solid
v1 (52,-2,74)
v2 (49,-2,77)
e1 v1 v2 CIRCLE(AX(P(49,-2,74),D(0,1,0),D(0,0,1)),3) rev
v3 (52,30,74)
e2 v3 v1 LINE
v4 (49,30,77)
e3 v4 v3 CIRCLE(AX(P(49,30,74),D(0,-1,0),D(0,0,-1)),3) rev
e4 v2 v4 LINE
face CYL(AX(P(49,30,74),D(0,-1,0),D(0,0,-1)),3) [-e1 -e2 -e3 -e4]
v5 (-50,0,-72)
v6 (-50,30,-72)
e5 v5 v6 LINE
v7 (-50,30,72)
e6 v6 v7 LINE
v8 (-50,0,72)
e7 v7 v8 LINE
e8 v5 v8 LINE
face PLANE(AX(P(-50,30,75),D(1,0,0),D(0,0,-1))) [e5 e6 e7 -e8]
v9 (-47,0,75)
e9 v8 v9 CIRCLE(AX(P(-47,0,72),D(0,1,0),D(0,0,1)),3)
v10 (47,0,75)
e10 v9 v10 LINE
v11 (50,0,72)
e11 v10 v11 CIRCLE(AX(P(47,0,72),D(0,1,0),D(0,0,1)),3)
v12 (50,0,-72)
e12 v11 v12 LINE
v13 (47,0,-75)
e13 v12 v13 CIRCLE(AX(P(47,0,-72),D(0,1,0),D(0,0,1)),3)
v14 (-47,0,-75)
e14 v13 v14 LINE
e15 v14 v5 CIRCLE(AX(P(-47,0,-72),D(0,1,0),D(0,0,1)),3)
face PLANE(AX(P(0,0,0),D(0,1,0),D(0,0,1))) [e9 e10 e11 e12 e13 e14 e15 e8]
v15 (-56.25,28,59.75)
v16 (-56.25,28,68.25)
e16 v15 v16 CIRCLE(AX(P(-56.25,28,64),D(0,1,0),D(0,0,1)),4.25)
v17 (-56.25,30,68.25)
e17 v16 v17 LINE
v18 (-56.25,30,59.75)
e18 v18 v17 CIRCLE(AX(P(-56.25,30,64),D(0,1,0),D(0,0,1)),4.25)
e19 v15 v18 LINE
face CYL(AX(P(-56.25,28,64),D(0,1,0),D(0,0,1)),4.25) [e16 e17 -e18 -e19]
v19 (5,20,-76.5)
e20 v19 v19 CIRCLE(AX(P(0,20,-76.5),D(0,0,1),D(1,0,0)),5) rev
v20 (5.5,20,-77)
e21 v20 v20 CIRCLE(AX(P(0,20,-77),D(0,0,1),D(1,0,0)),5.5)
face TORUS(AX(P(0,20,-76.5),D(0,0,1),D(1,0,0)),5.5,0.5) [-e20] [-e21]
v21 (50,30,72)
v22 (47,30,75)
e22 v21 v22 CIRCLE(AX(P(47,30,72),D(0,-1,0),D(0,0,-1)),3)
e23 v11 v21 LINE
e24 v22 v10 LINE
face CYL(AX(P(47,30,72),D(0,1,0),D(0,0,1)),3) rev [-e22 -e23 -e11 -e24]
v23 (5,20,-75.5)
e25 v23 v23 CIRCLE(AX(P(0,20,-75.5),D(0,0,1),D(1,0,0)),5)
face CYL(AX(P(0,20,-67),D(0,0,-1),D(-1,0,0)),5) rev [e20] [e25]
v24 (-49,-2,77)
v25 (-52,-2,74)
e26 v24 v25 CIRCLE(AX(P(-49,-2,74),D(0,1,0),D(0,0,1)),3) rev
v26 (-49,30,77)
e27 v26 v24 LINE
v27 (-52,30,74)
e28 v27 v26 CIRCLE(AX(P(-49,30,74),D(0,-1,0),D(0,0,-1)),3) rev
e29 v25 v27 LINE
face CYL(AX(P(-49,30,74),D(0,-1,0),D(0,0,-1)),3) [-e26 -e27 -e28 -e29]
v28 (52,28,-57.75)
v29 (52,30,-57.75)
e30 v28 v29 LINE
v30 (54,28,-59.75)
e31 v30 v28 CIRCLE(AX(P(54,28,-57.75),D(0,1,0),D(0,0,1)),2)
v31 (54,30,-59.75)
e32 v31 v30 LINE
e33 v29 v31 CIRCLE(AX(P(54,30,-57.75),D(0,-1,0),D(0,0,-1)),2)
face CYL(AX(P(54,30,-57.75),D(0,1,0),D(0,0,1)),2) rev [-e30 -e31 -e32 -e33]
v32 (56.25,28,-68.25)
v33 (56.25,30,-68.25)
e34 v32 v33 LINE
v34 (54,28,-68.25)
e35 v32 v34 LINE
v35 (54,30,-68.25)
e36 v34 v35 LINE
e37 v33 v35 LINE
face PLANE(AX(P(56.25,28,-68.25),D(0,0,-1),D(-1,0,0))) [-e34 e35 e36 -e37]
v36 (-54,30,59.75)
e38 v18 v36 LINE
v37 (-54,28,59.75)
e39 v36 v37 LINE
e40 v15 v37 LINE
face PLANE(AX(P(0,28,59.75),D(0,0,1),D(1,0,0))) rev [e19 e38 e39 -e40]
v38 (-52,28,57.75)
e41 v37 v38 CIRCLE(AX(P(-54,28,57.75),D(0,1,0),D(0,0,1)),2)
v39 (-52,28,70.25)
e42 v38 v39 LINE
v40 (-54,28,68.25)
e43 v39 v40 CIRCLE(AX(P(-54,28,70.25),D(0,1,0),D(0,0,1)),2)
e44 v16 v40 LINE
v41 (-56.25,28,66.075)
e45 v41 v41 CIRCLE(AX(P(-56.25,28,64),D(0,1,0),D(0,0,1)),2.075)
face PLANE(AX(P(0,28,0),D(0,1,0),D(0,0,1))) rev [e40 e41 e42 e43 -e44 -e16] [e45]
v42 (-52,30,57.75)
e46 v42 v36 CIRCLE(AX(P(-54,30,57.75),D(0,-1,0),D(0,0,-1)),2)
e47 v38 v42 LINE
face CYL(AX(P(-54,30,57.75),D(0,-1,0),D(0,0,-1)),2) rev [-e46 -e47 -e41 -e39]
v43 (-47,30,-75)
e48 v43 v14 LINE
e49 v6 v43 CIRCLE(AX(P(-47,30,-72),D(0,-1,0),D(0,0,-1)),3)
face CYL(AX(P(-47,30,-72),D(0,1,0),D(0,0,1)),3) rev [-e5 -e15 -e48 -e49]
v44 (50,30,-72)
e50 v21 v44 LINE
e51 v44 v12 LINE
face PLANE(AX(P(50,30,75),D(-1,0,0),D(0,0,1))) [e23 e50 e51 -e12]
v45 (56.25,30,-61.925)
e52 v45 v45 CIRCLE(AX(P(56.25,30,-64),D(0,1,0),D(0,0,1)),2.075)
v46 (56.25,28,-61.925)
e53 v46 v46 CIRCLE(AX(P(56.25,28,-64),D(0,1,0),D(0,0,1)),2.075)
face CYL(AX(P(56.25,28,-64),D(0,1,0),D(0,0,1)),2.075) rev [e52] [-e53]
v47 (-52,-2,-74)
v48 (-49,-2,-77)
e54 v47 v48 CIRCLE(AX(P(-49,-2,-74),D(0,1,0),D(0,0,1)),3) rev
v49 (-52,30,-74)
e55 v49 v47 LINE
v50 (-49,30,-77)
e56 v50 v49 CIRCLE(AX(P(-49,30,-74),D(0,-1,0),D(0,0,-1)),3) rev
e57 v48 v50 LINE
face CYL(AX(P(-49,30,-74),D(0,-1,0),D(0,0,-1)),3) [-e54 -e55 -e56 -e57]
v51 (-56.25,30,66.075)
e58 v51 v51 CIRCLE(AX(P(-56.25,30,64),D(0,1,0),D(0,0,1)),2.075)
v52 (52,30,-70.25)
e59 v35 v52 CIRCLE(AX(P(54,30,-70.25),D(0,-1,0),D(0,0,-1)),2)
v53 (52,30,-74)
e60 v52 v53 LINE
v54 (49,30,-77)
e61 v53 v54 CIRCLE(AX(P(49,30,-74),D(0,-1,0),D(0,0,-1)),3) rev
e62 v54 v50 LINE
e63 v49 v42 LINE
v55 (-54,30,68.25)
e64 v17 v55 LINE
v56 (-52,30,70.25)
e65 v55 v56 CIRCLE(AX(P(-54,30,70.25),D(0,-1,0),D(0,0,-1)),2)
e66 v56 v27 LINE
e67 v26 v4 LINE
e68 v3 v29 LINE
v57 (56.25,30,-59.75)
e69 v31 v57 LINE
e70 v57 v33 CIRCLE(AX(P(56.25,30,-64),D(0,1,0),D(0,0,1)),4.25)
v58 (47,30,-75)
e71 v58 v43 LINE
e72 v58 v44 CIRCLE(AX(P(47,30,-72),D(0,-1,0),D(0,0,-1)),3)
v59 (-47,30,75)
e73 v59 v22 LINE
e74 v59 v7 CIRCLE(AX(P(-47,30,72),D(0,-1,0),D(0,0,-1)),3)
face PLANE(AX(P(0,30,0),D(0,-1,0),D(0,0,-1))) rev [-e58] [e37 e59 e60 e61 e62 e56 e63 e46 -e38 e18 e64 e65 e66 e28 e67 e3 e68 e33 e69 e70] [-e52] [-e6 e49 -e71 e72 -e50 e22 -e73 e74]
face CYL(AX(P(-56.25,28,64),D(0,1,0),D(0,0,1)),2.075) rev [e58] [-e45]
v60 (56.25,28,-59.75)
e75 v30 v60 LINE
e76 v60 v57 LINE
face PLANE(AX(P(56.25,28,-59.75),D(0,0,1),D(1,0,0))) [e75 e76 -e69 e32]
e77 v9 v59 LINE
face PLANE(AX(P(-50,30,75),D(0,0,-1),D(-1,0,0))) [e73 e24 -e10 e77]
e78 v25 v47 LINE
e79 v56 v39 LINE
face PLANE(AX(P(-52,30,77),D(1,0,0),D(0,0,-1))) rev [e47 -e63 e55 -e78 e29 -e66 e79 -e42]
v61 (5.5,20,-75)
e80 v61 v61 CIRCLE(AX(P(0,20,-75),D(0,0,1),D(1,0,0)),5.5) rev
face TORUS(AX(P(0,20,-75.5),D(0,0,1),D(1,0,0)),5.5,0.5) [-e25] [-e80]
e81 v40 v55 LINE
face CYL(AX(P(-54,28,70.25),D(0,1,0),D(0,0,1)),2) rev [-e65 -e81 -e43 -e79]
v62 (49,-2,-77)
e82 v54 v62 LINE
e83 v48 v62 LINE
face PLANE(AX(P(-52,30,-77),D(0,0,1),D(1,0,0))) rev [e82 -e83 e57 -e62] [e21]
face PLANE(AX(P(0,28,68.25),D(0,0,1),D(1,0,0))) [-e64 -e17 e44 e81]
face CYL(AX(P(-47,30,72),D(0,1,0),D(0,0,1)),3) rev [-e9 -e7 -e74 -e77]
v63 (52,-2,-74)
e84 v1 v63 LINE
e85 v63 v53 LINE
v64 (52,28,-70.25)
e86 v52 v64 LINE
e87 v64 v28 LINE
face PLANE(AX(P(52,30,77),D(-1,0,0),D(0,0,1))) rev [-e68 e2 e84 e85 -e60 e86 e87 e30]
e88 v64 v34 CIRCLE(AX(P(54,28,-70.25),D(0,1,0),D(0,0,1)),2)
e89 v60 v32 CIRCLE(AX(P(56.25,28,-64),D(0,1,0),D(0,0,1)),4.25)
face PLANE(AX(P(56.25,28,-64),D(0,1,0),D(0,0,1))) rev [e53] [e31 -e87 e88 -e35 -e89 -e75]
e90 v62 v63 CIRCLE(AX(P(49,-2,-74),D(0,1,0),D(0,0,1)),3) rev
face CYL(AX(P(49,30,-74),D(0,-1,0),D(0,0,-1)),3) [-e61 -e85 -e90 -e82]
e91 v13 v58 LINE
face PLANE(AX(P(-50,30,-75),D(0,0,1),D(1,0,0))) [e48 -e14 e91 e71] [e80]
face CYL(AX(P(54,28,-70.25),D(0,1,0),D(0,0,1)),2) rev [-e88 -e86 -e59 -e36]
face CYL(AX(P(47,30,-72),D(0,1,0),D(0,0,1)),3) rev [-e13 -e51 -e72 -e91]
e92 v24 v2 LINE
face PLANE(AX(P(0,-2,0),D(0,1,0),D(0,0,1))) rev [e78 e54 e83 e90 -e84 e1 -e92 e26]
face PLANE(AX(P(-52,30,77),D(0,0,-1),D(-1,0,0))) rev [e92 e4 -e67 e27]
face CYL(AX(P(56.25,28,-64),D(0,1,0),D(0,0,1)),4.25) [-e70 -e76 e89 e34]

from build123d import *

# Parameters (mm, degrees)
SKETCH1_W           = 104
SKETCH1_H           = 154
SKETCH1_W_2         = 100
SKETCH1_H_2         = 150
BOSS_EXTRUDE1_DEPTH = 30
SKETCH1_2_W         = 104
SKETCH1_2_H         = 154
BOSS_EXTRUDE2_DEPTH = 2
FILLET1_R           = 3
SKETCH2_R           = 2.075
BOSS_EXTRUDE3_DEPTH = 2
SKETCH3_R           = 2.075
BOSS_EXTRUDE4_DEPTH = 2
SKETCH4_R           = 5
CUT_EXTRUDE1_DEPTH  = 10
FILLET2_R           = 0.5
FILLET3_R           = 2


with BuildPart() as part:
    # Sketch1 → Boss-Extrude1 (new body)
    with BuildSketch(Plane(origin=(0, 0, 0), x_dir=(1, 0, 0), z_dir=(0, 1, 0))):
        Rectangle(SKETCH1_W, SKETCH1_H)
        Rectangle(SKETCH1_W_2, SKETCH1_H_2, mode=Mode.SUBTRACT)
    extrude(amount=BOSS_EXTRUDE1_DEPTH)

    # Sketch1<2> → Boss-Extrude2 (add)
    with BuildSketch(Plane(origin=(0, 0, 0), x_dir=(1, 0, 0), z_dir=(0, 1, 0))):
        Rectangle(SKETCH1_2_W, SKETCH1_2_H)
    extrude(amount=-BOSS_EXTRUDE2_DEPTH)

    # Fillet1
    fillet1_edges = [part.edges().sort_by_distance(p)[0] for p in [
        (52, 14, -77),
        (52, 14, 77),
        (-52, 14, 77),
        (-52, 14, -77),
        (-50, 15, 75),
        (-50, 15, -75),
        (50, 15, -75),
        (50, 15, 75),
    ]]
    fillet(fillet1_edges, radius=FILLET1_R)

    # Sketch2 → Boss-Extrude3 (add)
    with BuildSketch(Plane(origin=(0, 30, 0), x_dir=(1, 0, 0), z_dir=(0, 1, 0))):
        with BuildLine():
            Line((56.25, 68.25), (52, 68.25))
            Line((52, 68.25), (52, 59.75))
            Line((52, 59.75), (56.25, 59.75))
            ThreePointArc((56.25, 59.75), (60.5, 64), (56.25, 68.25))
        make_face()
        with Locations((56.25, 64)):
            Circle(SKETCH2_R, mode=Mode.SUBTRACT)
    extrude(amount=-BOSS_EXTRUDE3_DEPTH)

    # Sketch3 → Boss-Extrude4 (add)
    with BuildSketch(Plane(origin=(0, 30, 0), x_dir=(1, 0, 0), z_dir=(0, 1, 0))):
        with BuildLine():
            Line((-52, -59.75), (-56.25, -59.75))
            ThreePointArc((-56.25, -59.75), (-60.5, -64), (-56.25, -68.25))
            Line((-56.25, -68.25), (-52, -68.25))
            Line((-52, -68.25), (-52, -59.75))
        make_face()
        with Locations((-56.25, -64)):
            Circle(SKETCH3_R, mode=Mode.SUBTRACT)
    extrude(amount=-BOSS_EXTRUDE4_DEPTH)

    # Sketch4 → Cut-Extrude1 (cut)
    with BuildSketch(Plane(origin=(0, 0, -77), x_dir=(-1, 0, 0), z_dir=(0, 0, -1))):
        with Locations((0, 20)):
            Circle(SKETCH4_R)
    extrude(amount=-CUT_EXTRUDE1_DEPTH, mode=Mode.SUBTRACT)

    # Fillet2
    fillet2_edges = [part.edges().sort_by_distance(p)[0] for p in [
        (5, 20, -75),
        (5, 20, -77),
    ]]
    fillet(fillet2_edges, radius=FILLET2_R)

    # Fillet3
    fillet3_edges = [part.edges().sort_by_distance(p)[0] for p in [
        (-52, 29, 68.25),
        (-52, 29, 59.75),
        (52, 29, -68.25),
        (52, 29, -59.75),
    ]]
    fillet(fillet3_edges, radius=FILLET3_R)


solid = part.part
